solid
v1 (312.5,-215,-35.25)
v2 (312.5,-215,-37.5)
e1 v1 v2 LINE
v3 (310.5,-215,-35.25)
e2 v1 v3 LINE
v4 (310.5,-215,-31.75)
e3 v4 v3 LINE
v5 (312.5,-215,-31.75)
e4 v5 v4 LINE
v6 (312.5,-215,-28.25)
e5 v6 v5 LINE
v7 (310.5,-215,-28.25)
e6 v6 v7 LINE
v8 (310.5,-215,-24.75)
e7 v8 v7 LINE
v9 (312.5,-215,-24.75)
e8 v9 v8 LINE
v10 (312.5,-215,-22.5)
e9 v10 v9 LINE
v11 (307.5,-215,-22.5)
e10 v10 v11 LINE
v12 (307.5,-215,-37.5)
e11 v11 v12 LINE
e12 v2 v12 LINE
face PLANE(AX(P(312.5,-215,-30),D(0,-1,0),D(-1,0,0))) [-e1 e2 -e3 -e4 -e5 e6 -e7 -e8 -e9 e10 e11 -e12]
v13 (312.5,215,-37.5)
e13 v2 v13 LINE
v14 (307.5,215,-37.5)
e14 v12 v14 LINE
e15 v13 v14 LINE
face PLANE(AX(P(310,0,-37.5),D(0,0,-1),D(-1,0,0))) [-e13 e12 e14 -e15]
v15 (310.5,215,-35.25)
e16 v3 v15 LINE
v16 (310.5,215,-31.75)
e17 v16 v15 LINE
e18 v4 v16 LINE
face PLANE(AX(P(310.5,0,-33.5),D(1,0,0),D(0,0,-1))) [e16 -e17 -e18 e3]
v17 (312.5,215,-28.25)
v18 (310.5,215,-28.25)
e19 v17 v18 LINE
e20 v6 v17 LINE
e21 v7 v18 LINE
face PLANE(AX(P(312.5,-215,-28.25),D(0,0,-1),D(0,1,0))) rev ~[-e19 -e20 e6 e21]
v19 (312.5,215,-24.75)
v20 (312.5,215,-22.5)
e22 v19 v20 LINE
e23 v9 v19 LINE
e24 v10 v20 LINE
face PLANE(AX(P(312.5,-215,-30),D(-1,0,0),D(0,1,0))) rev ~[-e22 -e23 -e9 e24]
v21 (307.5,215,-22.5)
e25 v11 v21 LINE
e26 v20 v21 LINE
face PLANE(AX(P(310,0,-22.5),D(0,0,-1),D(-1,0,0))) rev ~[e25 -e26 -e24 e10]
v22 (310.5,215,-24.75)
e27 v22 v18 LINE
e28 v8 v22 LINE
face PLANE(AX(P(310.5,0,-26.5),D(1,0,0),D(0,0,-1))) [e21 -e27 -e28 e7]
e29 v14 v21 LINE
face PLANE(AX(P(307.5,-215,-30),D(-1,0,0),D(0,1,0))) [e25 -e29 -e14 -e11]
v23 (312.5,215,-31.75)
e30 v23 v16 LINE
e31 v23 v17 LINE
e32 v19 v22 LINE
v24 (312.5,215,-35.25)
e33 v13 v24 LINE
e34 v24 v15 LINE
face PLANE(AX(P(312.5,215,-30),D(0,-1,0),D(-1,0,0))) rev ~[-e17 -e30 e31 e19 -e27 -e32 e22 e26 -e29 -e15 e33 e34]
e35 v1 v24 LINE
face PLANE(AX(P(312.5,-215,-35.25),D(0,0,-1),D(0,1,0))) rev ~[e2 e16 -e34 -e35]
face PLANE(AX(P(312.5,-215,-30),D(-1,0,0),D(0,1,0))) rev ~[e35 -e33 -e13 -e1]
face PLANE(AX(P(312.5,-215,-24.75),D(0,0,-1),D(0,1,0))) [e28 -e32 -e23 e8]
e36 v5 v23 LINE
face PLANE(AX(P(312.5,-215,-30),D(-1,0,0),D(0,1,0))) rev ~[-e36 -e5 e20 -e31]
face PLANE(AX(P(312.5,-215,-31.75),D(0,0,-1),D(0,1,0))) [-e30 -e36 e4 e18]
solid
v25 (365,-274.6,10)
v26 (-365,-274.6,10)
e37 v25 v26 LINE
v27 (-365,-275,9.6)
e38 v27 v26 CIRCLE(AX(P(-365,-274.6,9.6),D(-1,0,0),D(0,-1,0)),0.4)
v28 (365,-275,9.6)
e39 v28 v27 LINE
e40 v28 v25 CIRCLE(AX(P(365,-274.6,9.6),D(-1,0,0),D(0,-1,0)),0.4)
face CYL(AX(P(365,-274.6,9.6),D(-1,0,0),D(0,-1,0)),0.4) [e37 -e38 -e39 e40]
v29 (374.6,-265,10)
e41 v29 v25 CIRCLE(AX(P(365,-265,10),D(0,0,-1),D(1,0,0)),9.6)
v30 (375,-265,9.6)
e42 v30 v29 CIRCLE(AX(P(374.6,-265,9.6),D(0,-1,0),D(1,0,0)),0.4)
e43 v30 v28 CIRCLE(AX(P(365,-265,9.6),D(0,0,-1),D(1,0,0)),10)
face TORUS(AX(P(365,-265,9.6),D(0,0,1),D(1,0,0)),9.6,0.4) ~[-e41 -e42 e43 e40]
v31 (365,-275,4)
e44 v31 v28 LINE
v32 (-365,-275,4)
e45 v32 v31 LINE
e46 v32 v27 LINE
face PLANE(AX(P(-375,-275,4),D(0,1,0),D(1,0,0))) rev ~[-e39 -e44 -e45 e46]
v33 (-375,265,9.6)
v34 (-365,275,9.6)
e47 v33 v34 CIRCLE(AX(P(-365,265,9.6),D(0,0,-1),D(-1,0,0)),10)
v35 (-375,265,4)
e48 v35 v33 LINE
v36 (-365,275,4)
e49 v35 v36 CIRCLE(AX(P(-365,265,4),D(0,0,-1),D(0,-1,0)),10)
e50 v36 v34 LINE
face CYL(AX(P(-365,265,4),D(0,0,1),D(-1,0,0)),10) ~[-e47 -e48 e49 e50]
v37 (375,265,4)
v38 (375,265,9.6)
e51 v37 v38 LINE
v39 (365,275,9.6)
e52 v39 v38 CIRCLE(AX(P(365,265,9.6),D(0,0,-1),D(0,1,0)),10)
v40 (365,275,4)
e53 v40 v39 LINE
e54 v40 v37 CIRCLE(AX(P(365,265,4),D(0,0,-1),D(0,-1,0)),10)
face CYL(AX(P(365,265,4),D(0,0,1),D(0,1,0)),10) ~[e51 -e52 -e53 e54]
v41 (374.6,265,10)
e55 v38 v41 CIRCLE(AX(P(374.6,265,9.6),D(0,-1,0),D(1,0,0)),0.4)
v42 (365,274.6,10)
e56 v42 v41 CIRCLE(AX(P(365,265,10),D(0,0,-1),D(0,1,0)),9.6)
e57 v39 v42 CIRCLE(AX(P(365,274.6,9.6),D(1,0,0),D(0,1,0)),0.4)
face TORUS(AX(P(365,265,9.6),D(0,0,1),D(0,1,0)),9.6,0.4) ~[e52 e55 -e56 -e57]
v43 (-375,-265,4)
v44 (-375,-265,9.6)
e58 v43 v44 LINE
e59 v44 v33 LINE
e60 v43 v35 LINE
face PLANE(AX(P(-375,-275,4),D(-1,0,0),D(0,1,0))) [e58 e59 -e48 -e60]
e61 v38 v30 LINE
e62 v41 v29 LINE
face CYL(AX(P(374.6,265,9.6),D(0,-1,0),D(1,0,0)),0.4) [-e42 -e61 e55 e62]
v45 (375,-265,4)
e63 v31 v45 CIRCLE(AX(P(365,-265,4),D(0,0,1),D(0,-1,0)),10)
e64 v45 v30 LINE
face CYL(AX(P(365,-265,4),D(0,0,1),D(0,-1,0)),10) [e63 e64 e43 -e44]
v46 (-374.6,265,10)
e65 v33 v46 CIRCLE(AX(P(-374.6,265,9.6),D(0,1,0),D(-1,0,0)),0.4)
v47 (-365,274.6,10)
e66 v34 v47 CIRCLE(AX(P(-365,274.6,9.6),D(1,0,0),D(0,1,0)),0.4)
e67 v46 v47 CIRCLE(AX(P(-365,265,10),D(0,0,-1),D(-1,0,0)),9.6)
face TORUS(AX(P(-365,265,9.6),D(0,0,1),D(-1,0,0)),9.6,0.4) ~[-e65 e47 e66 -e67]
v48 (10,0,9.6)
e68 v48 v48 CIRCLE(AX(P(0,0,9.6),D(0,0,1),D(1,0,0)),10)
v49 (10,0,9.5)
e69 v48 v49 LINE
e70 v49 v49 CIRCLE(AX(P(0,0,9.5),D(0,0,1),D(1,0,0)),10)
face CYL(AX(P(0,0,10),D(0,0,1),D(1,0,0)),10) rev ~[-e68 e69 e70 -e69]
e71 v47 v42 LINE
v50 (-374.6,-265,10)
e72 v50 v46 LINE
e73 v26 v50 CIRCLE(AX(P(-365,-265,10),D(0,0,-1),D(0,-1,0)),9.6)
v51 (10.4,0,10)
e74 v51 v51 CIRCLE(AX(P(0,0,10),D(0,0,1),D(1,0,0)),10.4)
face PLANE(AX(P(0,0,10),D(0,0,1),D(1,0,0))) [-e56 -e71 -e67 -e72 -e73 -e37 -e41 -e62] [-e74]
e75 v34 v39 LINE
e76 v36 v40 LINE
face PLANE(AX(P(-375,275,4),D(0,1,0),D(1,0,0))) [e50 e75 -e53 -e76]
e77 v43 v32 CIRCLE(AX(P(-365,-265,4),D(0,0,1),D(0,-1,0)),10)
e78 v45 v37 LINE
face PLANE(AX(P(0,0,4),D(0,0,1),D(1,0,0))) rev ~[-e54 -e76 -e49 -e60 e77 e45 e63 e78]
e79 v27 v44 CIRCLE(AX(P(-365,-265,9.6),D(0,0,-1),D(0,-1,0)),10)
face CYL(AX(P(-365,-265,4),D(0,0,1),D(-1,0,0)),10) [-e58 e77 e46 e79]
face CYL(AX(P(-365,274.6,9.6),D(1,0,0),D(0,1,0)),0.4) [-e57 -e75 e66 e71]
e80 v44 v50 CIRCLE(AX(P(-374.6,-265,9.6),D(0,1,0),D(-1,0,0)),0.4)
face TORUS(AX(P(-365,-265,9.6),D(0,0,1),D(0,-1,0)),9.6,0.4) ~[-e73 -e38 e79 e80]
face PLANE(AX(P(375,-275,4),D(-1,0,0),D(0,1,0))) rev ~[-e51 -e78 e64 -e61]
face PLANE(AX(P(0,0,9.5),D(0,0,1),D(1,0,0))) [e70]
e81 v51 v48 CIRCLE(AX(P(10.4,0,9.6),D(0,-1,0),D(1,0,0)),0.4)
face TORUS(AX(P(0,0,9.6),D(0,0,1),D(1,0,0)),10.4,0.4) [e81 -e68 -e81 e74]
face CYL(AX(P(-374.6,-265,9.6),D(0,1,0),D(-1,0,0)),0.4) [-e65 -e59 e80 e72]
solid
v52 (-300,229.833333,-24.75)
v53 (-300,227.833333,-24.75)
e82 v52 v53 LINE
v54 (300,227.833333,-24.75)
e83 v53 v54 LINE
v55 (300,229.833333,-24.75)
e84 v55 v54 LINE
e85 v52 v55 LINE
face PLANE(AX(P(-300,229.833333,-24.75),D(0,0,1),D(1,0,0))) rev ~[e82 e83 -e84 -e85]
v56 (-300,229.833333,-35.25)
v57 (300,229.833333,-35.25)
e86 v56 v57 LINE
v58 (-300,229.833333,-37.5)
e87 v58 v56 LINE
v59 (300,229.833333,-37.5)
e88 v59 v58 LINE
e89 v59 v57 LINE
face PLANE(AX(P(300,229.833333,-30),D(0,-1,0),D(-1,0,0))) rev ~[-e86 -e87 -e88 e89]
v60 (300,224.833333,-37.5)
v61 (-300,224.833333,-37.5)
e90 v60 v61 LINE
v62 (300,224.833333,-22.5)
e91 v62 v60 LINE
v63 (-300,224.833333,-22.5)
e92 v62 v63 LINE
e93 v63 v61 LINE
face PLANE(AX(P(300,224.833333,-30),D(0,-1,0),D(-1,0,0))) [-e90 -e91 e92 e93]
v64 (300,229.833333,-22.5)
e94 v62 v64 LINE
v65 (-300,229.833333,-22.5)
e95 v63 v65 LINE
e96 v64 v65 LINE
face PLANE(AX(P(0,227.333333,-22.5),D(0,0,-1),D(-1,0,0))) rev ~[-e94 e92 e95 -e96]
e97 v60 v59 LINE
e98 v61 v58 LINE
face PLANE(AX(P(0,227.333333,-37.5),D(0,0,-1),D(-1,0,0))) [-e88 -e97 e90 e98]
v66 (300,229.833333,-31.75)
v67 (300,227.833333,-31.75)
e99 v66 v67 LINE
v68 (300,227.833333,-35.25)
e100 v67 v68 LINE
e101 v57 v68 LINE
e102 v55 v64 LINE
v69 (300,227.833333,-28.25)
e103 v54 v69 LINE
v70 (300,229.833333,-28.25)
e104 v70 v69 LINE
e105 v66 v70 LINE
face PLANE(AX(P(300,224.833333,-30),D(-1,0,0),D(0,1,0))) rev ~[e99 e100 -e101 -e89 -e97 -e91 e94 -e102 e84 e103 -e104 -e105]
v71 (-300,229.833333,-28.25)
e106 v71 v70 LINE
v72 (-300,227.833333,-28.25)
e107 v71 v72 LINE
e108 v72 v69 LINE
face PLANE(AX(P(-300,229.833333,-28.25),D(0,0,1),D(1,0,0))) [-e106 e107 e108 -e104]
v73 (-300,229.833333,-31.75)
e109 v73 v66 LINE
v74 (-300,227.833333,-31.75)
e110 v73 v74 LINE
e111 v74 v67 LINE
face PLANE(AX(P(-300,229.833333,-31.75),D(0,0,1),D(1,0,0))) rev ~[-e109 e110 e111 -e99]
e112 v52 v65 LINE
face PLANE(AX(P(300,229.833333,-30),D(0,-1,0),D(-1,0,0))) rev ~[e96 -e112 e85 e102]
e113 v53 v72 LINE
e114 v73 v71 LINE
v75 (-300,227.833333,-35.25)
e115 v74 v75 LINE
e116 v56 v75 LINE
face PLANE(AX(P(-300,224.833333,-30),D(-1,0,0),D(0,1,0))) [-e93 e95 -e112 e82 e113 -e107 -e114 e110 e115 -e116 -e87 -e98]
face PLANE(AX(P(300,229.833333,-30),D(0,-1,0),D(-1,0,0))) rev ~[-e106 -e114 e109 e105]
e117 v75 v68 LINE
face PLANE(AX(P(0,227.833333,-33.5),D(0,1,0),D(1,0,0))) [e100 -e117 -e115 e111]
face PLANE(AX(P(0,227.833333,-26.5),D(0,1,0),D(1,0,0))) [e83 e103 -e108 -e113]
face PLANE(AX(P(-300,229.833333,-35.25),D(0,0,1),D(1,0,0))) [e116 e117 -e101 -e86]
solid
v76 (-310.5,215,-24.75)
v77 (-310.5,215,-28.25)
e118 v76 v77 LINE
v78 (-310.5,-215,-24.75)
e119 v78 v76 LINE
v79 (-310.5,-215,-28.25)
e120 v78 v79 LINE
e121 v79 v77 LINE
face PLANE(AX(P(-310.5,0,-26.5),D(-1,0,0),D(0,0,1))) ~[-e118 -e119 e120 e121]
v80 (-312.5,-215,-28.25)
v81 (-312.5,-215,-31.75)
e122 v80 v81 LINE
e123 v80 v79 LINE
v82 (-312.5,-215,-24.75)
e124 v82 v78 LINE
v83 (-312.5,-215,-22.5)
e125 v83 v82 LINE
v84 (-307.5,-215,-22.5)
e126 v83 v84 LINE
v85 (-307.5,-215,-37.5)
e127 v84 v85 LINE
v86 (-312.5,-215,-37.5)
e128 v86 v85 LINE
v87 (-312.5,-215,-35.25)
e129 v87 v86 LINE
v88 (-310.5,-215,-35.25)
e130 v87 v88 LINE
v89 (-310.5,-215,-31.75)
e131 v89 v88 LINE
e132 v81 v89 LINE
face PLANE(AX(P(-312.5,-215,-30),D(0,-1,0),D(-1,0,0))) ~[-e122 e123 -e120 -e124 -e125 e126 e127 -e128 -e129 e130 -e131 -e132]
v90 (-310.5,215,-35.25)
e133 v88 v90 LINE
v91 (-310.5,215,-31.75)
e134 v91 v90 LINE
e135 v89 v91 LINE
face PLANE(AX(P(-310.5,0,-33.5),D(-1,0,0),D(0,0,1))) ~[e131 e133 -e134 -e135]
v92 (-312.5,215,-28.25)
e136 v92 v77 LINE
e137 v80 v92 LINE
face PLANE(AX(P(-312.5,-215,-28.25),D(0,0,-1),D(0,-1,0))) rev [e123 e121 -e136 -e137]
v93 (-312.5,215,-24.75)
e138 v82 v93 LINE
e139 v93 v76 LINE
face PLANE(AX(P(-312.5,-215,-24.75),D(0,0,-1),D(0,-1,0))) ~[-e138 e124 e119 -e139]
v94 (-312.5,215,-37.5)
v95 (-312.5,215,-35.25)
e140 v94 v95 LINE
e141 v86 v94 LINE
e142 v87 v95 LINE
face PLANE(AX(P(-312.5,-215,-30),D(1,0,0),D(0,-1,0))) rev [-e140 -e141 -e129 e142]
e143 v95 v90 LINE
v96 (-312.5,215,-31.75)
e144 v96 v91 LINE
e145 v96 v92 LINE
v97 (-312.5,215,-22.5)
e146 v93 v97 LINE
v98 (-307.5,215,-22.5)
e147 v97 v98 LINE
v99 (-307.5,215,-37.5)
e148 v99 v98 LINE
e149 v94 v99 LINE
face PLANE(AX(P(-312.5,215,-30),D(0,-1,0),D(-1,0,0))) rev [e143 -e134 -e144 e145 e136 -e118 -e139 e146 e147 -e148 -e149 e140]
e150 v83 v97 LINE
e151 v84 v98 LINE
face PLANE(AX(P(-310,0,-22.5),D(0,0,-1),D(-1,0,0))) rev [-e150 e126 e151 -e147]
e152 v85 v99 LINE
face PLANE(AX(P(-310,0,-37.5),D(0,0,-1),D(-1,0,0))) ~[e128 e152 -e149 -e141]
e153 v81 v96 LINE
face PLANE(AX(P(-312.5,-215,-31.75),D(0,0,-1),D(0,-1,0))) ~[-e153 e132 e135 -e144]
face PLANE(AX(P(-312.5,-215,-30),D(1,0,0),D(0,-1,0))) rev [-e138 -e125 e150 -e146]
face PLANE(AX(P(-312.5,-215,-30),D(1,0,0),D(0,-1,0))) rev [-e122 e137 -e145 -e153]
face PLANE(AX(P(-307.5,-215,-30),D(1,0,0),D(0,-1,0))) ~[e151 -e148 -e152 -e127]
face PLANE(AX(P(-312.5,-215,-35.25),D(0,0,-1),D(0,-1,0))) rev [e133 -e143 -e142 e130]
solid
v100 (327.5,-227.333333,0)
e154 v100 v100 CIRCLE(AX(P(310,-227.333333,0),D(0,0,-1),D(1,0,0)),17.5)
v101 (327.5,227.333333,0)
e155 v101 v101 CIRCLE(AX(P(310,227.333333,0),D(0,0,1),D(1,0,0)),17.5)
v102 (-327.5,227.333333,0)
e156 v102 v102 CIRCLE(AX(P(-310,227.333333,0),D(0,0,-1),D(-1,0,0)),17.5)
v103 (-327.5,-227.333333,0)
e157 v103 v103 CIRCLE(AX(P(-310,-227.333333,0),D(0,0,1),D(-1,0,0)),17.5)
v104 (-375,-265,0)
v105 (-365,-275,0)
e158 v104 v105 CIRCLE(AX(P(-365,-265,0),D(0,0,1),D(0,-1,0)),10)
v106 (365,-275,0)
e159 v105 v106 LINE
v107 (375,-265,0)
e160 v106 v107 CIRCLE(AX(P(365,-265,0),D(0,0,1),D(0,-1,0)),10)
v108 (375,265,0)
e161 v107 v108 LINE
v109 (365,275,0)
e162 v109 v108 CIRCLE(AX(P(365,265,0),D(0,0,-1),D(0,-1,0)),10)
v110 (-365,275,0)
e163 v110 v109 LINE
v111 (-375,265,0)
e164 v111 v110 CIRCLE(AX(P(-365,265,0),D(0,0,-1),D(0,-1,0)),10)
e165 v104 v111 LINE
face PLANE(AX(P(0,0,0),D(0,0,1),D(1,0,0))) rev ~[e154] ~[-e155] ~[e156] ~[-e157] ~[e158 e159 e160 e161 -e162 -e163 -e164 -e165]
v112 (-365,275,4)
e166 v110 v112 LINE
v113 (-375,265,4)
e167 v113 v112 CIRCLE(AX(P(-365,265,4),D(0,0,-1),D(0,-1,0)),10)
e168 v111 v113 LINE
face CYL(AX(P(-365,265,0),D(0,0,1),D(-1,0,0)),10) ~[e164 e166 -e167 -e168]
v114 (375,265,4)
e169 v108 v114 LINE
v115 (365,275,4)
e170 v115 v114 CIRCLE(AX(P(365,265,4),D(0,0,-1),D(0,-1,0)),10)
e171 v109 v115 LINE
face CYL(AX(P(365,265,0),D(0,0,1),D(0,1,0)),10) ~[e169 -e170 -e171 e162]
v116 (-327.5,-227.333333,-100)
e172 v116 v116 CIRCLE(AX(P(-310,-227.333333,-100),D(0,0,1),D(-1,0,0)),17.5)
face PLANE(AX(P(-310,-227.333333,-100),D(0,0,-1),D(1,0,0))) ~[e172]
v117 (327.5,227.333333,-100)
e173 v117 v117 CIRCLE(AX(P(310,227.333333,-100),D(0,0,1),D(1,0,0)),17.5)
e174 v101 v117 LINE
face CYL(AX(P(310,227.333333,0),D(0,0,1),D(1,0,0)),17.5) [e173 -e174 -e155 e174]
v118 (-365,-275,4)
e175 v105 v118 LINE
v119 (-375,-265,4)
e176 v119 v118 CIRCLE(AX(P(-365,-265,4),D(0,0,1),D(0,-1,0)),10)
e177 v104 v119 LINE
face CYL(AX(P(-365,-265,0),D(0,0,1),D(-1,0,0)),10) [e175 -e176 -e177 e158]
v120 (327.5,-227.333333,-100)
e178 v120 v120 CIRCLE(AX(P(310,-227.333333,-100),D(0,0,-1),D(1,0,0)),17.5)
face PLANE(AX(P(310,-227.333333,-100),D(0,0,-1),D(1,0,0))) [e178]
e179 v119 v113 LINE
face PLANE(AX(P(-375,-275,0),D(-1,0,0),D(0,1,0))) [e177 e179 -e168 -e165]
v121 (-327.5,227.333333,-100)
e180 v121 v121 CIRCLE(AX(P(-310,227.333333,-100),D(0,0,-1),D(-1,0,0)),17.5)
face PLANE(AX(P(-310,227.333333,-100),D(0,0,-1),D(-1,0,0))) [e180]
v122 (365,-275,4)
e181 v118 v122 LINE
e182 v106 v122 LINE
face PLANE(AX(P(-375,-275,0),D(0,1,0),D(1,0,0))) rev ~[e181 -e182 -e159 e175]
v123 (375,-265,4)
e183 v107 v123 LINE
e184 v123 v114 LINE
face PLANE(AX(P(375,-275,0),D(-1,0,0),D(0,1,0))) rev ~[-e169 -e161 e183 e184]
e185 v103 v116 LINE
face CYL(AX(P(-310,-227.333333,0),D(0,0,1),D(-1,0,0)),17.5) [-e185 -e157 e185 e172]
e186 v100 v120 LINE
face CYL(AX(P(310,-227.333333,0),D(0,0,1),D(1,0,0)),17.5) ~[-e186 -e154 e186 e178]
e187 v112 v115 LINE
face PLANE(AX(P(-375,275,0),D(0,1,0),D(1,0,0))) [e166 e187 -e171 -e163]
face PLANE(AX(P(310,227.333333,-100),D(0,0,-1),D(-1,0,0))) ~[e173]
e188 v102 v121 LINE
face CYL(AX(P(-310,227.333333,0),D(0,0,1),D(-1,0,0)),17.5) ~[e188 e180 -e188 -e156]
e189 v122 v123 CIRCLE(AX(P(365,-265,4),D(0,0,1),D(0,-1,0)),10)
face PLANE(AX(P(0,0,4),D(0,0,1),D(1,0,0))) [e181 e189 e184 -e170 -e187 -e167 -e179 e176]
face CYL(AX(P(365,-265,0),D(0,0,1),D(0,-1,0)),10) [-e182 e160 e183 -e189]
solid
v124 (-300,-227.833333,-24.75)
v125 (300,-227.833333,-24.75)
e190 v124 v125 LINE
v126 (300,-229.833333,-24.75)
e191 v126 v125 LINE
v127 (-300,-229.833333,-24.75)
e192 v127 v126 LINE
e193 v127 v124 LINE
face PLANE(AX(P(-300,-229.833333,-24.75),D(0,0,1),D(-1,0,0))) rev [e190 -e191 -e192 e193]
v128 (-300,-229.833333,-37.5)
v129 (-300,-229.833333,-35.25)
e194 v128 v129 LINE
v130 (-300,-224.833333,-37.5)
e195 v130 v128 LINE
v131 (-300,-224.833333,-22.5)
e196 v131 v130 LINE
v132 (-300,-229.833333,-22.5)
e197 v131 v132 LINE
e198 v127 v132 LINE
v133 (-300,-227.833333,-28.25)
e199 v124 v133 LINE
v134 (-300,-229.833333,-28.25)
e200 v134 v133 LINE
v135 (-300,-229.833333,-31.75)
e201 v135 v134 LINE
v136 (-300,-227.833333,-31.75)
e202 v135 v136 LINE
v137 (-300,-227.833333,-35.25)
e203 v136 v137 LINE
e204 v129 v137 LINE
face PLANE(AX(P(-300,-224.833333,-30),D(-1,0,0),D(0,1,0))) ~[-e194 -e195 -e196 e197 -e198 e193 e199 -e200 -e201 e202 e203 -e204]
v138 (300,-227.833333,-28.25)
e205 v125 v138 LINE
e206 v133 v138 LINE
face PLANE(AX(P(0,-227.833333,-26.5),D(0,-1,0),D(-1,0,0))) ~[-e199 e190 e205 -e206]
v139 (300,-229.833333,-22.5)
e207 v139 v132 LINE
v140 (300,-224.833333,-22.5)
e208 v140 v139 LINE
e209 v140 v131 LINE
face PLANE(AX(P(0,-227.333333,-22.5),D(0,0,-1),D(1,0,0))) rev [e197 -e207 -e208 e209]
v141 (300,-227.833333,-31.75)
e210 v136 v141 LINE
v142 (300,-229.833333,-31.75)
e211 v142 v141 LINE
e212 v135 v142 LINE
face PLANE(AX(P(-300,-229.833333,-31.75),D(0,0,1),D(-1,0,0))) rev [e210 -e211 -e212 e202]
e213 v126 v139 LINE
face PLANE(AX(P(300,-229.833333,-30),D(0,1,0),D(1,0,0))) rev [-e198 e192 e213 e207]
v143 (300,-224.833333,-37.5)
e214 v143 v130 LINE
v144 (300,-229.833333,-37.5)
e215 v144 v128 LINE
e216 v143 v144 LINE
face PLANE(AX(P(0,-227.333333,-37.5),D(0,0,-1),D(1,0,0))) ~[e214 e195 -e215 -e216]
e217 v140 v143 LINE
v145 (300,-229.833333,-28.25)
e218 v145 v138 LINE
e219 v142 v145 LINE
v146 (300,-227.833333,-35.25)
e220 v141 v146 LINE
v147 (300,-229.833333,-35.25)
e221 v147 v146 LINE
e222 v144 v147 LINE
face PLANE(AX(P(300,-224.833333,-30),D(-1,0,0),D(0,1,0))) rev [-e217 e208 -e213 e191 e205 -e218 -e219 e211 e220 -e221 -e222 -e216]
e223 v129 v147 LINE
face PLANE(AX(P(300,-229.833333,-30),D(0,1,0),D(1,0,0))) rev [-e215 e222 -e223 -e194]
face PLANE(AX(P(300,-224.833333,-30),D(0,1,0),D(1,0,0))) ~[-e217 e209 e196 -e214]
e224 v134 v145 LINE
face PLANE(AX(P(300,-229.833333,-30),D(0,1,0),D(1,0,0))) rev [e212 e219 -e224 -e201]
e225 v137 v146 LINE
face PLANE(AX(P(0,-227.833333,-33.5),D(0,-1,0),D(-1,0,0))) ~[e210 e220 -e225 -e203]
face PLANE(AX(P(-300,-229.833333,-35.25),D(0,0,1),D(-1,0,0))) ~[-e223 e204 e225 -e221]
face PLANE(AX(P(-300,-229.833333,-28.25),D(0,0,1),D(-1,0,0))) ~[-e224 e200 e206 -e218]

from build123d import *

# Parameters (mm, degrees)
SKETCH1_W               = 750
SKETCH1_H               = 550
BOSS_EXTRUDE1_DEPTH     = 4
SKETCH2_R               = 17.5
BOSS_EXTRUDE2_DEPTH     = 100
MIRROR2_COPY_1_SKETCH_R = 17.5
MIRROR2_COPY_1_DEPTH    = 100
SKETCH3_W               = 600
SKETCH3_H               = 5
BOSS_EXTRUDE3_DEPTH     = 7.5
SKETCH3_W_2             = 5
SKETCH3_H_2             = 430
BOSS_EXTRUDE3_2_DEPTH   = 7.5
SKETCH4_W               = 3.5
SKETCH4_H               = 430
CUT_EXTRUDE1_DEPTH      = 2
SKETCH5_W               = 600
SKETCH5_H               = 3.5
CUT_EXTRUDE2_DEPTH      = 2
SKETCH7_W               = 750
SKETCH7_H               = 550
BOSS_EXTRUDE4_DEPTH     = 6
SKETCH8_R               = 10
CUT_EXTRUDE4_DEPTH      = 0.5
FILLET1_R               = 10
FILLET2_R               = 10
FILLET3_R               = 0.4


with BuildPart() as part:
    # Sketch1 → Boss-Extrude1 (new body)
    with BuildSketch(Plane.XY):
        Rectangle(SKETCH1_W, SKETCH1_H)
    extrude(amount=BOSS_EXTRUDE1_DEPTH)

    # Sketch2 → Boss-Extrude2 (add)
    with BuildSketch(Plane(origin=(0, 0, 0), x_dir=(-1, 0, 0), z_dir=(0, 0, -1))):
        with Locations((310, 227.333333333)):
            Circle(SKETCH2_R)
    boss_extrude2 = extrude(amount=BOSS_EXTRUDE2_DEPTH)

    # Mirror1: Boss-Extrude2 across plane
    add(boss_extrude2.mirror(Plane.ZX))

    # Mirror2: Boss-Extrude2 across plane
    add(boss_extrude2.mirror(Plane(origin=(0, 0, 0), x_dir=(0, 0, 1), z_dir=(1, 0, 0))))

    # Mirror2 copy 1 sketch → Mirror2 copy 1 (add)
    with BuildSketch(Plane(origin=(0, 0, 0), x_dir=(1, 0, 0), z_dir=(0, 0, -1))):
        with Locations((310, 227.333333333)):
            Circle(MIRROR2_COPY_1_SKETCH_R)
    extrude(amount=MIRROR2_COPY_1_DEPTH)

    # Fillet2
    fillet2_edges = [part.edges().sort_by_distance(p)[0] for p in [
        (-375, 275, 2),
        (375, 275, 2),
        (375, -275, 2),
        (-375, -275, 2),
    ]]
    fillet(fillet2_edges, radius=FILLET2_R)


with BuildPart() as body_2:
    # Sketch3 → Boss-Extrude3 (new, symmetric)
    with BuildSketch(Plane(origin=(0, 0, -30), x_dir=(-1, 0, 0), z_dir=(0, 0, -1))):
        with Locations((0, 227.333333333)):
            Rectangle(SKETCH3_W, SKETCH3_H)
    extrude(amount=BOSS_EXTRUDE3_DEPTH, both=True)

    # Sketch5 → Cut-Extrude2 (cut)
    with BuildSketch(Plane(origin=(0, 229.833333333, 0), x_dir=(1, 0, 0), z_dir=(0, 1, 0))):
        with Locations((0, 33.5)):
            Rectangle(SKETCH5_W, SKETCH5_H)
        with Locations((0, 26.5)):
            Rectangle(SKETCH5_W, SKETCH5_H)
    extrude(amount=-CUT_EXTRUDE2_DEPTH, mode=Mode.SUBTRACT)


with BuildPart() as body_3:
    # Sketch3 → Boss-Extrude3 2 (new, symmetric)
    with BuildSketch(Plane(origin=(0, 0, -30), x_dir=(-1, 0, 0), z_dir=(0, 0, -1))):
        with Locations((-310, 0)):
            Rectangle(SKETCH3_W_2, SKETCH3_H_2)
    extrude(amount=BOSS_EXTRUDE3_2_DEPTH, both=True)

    # Sketch4 → Cut-Extrude1 (cut)
    with BuildSketch(Plane(origin=(312.5, 0, 0), x_dir=(0, 0, -1), z_dir=(1, 0, 0))):
        with Locations((33.5, 0)):
            Rectangle(SKETCH4_W, SKETCH4_H)
        with Locations((26.5, 0)):
            Rectangle(SKETCH4_W, SKETCH4_H)
    extrude(amount=-CUT_EXTRUDE1_DEPTH, mode=Mode.SUBTRACT)


with BuildPart() as body_4:
    # Mirror4: mirrored copy
    add(body_2.part.mirror(Plane.ZX))


with BuildPart() as body_5:
    # Mirror5: mirrored copy
    add(body_3.part.mirror(Plane(origin=(0, 0, 0), x_dir=(0, 0, 1), z_dir=(1, 0, 0))))


with BuildPart() as body_6:
    # Sketch7 → Boss-Extrude4 (new body)
    with BuildSketch(Plane.XY.offset(4)):
        Rectangle(SKETCH7_W, SKETCH7_H)
    extrude(amount=BOSS_EXTRUDE4_DEPTH)

    # Sketch8 → Cut-Extrude4 (cut)
    with BuildSketch(Plane.XY.offset(10)):
        Circle(SKETCH8_R)
    extrude(amount=-CUT_EXTRUDE4_DEPTH, mode=Mode.SUBTRACT)

    # Fillet1
    fillet1_edges = [body_6.edges().sort_by_distance(p)[0] for p in [
        (375, 275, 7),
        (375, -275, 7),
        (-375, -275, 7),
        (-375, 275, 7),
    ]]
    fillet(fillet1_edges, radius=FILLET1_R)

    # Fillet3
    fillet3_edges = [body_6.edges().sort_by_distance(p)[0] for p in [
        (-10, 0, 10),
        (-375, 0, 10),
        (0, 275, 10),
        (0, -275, 10),
        (375, 0, 10),
        (372.071067812, 272.071067812, 10),
        (372.071067812, -272.071067812, 10),
        (-372.071067812, -272.071067812, 10),
        (-372.071067812, 272.071067812, 10),
    ]]
    fillet(fillet3_edges, radius=FILLET3_R)


solid = Compound([part.part, body_2.part, body_3.part, body_4.part, body_5.part, body_6.part])
